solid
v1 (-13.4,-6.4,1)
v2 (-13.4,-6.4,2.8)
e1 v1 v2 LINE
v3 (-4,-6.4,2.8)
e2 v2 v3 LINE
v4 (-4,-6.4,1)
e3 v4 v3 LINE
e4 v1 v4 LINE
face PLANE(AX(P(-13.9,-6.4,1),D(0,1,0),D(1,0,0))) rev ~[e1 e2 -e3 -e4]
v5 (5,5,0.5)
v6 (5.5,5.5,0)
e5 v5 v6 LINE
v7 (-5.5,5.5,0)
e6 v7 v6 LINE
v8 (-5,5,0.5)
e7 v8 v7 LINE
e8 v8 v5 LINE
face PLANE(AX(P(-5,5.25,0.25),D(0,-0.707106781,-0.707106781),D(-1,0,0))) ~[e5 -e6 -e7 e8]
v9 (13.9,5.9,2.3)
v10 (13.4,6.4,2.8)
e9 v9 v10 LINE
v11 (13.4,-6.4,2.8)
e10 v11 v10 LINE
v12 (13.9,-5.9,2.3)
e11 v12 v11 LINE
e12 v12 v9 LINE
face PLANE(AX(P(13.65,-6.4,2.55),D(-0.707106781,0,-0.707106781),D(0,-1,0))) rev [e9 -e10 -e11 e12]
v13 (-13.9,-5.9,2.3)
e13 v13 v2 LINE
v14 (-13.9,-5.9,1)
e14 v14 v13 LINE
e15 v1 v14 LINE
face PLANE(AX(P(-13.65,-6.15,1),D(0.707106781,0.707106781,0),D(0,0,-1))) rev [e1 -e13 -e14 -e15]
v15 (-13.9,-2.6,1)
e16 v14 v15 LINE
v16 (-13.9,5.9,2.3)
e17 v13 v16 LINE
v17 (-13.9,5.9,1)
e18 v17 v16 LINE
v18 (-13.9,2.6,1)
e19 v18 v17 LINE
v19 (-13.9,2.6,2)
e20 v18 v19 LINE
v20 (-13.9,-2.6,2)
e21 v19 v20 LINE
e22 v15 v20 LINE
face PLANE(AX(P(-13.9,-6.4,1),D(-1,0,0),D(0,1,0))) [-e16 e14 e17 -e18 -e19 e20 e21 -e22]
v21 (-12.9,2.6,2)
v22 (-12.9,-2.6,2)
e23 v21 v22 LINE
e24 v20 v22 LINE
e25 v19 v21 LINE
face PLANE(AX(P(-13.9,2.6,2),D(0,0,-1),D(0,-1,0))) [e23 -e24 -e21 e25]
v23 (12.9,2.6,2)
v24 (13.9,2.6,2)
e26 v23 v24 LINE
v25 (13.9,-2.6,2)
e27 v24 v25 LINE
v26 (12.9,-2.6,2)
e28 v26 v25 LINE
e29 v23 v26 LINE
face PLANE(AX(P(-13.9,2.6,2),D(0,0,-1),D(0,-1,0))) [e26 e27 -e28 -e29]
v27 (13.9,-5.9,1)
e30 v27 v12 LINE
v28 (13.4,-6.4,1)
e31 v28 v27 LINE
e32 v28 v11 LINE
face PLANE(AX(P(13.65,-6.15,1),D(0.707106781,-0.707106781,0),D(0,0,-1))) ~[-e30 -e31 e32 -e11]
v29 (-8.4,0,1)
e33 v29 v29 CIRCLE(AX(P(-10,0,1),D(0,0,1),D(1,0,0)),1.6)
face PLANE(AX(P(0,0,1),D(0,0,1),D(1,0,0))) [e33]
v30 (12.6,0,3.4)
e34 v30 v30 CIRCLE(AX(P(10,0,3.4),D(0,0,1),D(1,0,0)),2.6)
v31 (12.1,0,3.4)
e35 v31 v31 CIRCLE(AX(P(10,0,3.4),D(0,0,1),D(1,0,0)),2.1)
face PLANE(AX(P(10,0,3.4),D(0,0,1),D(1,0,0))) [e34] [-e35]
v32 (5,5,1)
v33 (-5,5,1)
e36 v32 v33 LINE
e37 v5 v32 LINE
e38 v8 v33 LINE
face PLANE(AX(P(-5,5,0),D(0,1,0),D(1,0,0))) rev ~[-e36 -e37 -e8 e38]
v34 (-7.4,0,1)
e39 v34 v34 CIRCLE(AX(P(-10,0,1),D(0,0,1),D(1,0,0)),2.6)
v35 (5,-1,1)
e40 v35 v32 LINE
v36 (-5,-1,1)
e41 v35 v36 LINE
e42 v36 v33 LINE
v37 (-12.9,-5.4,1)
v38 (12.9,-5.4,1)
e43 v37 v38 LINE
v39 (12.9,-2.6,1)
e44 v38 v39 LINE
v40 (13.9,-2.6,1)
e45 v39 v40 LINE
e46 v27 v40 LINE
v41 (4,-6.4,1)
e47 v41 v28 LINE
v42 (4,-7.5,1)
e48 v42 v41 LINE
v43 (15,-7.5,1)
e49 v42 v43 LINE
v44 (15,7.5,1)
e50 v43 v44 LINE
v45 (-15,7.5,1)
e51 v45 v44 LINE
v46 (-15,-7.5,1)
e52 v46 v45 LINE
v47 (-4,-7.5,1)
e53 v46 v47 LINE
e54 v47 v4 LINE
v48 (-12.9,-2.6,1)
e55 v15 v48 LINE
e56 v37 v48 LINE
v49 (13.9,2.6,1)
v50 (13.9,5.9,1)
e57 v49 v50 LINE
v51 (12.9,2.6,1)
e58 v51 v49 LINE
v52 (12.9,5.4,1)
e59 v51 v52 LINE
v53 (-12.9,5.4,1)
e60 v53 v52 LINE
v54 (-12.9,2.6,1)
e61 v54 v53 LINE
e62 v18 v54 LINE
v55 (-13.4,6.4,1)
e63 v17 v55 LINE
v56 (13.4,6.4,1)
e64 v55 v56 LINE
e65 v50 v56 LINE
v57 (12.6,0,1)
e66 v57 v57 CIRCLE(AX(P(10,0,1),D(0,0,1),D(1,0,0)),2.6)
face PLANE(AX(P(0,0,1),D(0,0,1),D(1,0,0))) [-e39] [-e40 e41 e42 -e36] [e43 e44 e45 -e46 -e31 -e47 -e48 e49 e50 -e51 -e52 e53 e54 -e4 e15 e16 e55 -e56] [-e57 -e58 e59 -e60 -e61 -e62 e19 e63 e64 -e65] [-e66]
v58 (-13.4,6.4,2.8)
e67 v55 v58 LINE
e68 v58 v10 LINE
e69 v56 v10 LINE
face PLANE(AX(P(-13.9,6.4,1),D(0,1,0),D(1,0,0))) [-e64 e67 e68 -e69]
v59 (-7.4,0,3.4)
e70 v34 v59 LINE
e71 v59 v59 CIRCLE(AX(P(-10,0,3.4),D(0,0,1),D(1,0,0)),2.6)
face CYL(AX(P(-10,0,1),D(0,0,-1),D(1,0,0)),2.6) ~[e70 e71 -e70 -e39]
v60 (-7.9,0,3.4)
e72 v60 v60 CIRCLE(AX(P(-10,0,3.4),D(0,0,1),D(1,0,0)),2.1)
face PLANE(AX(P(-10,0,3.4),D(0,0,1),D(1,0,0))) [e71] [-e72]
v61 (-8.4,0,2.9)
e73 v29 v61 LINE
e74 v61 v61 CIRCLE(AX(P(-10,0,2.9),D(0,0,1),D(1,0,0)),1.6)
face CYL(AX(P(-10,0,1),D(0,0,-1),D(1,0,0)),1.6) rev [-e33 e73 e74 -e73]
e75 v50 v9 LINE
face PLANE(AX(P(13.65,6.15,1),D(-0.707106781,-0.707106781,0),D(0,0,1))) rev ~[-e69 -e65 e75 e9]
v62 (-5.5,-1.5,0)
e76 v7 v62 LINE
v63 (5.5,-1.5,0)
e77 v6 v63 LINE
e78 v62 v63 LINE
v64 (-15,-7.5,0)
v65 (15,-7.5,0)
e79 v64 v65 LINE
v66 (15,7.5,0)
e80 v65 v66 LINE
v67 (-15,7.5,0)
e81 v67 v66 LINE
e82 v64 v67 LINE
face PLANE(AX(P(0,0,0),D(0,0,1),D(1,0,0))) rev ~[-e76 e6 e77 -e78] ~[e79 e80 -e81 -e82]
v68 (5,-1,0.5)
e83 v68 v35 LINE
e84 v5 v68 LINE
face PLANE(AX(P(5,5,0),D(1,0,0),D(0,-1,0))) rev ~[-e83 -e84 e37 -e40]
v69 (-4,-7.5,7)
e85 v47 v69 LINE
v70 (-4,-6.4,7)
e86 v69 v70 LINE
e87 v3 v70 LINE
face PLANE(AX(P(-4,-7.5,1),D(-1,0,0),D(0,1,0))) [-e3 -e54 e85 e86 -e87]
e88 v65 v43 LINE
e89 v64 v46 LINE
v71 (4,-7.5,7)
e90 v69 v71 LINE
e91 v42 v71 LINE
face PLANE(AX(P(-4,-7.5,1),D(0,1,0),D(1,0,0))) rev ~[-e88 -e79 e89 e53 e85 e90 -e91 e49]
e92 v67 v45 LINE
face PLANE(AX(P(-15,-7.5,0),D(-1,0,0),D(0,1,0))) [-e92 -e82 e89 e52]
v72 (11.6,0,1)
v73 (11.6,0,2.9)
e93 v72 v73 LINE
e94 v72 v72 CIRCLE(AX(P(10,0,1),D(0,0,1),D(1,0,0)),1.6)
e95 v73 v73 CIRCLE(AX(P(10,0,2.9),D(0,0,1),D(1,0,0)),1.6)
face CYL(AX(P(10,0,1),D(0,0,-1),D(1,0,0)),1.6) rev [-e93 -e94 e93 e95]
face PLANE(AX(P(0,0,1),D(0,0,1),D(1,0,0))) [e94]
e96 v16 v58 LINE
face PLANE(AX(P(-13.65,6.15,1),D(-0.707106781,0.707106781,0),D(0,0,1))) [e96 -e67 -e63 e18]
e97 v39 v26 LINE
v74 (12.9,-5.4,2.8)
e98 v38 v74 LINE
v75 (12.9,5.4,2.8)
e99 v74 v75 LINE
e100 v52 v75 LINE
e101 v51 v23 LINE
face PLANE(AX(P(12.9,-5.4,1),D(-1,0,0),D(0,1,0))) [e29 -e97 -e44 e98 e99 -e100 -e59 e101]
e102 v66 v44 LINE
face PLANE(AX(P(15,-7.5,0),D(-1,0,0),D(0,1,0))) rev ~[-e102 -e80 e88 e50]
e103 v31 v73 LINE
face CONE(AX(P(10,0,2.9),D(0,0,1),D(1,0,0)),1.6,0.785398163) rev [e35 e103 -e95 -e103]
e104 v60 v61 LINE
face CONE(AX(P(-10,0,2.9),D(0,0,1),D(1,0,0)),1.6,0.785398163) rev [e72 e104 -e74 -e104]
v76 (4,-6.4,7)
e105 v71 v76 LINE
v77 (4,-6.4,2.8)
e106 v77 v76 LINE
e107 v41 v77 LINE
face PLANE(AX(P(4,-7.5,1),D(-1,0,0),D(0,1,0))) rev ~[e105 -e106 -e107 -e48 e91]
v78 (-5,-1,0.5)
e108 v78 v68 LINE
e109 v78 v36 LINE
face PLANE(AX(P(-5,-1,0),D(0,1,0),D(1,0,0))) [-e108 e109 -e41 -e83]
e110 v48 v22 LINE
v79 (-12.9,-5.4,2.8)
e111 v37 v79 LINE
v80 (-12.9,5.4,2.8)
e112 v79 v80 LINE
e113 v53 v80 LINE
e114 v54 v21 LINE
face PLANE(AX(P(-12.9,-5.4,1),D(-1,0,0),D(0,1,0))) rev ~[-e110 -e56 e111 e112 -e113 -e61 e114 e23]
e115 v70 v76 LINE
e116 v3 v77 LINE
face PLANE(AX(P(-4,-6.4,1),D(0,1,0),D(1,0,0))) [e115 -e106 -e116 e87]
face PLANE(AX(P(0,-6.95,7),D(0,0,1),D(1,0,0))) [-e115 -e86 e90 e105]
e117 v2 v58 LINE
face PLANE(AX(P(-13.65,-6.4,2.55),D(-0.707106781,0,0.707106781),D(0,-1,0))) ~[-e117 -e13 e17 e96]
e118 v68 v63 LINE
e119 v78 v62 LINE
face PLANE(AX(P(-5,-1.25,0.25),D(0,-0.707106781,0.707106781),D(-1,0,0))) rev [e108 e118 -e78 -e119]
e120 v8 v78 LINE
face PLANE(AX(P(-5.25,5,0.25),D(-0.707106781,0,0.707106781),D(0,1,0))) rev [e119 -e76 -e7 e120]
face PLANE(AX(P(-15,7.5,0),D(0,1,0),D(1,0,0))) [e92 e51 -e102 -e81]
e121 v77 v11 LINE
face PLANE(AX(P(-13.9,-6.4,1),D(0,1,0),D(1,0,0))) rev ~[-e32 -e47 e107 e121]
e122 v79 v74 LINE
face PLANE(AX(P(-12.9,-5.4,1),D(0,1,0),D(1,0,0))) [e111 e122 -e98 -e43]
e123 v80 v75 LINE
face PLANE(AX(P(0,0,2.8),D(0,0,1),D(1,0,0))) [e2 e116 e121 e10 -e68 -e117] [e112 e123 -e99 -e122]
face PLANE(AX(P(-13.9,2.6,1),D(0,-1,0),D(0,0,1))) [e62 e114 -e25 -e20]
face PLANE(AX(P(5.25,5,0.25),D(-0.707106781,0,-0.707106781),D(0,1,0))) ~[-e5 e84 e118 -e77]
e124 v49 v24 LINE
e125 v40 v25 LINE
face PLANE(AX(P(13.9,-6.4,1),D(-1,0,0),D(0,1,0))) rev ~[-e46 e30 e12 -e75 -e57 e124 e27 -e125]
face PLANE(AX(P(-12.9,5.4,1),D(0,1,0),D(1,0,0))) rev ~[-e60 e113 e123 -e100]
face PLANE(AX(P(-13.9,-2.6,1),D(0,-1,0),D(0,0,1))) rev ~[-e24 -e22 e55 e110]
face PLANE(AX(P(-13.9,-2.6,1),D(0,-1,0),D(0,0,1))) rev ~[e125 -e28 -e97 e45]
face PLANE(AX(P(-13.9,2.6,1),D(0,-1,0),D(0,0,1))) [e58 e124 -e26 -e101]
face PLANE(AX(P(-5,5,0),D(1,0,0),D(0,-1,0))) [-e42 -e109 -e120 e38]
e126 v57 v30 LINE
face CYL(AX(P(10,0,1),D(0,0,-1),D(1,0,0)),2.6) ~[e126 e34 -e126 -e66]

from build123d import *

# Parameters (mm, degrees)
SKETCH_W        = 30
SKETCH_H        = 15
PAD_DEPTH       = 1
SKETCH001_W     = 27.8
SKETCH001_H     = 12.8
SKETCH001_W_2   = 25.8
SKETCH001_H_2   = 10.8
PAD001_DEPTH    = 1.8
SKETCH002_W     = 8
SKETCH002_H     = 1.1
PAD002_DEPTH    = 6
SKETCH003_W     = 5.2
SKETCH003_H     = 1
POCKET_DEPTH    = 28.901
SKETCH004_R     = 2.6
SKETCH004_R_2   = 1.6
PAD003_DEPTH    = 2.4
SKETCH005_W     = 10
SKETCH005_H     = 6
POCKET001_DEPTH = 5
CHAMFER_SIZE    = 0.5
CHAMFER001_SIZE = 0.5
CHAMFER002_SIZE = 0.5


with BuildPart() as part:
    # Sketch → Pad (new body)
    with BuildSketch(Plane.XY):
        Rectangle(SKETCH_W, SKETCH_H)
    extrude(amount=PAD_DEPTH)

    # Sketch001 → Pad001 (new body)
    with BuildSketch(Plane.XY.offset(1)):
        Rectangle(SKETCH001_W, SKETCH001_H)
        Rectangle(SKETCH001_W_2, SKETCH001_H_2, mode=Mode.SUBTRACT)
    extrude(amount=PAD001_DEPTH)

    # Sketch002 → Pad002 (new body)
    with BuildSketch(Plane.XY.offset(1)):
        with Locations((0, -6.95)):
            Rectangle(SKETCH002_W, SKETCH002_H)
    extrude(amount=PAD002_DEPTH)

    # Sketch003 → Pocket (cut, through all)
    with BuildSketch(Plane(origin=(-13.9, 0, 0), x_dir=(0, -1, 0), z_dir=(-1, 0, 0))):
        with Locations((0, 1.5)):
            Rectangle(SKETCH003_W, SKETCH003_H)
    extrude(amount=-POCKET_DEPTH, mode=Mode.SUBTRACT)

    # Sketch004 → Pad003 (new body)
    with BuildSketch(Plane.XY.offset(1)):
        with Locations((-10, 0)):
            Circle(SKETCH004_R)
        with Locations((-10, 0)):
            Circle(SKETCH004_R_2, mode=Mode.SUBTRACT)
        with Locations((10, 0)):
            Circle(SKETCH004_R)
        with Locations((10, 0)):
            Circle(SKETCH004_R_2, mode=Mode.SUBTRACT)
    extrude(amount=PAD003_DEPTH)

    # Sketch005 → Pocket001 (cut)
    with BuildSketch(Plane(origin=(0, 0, 0), x_dir=(1, 0, 0), z_dir=(0, 0, -1))):
        with Locations((0, -2)):
            Rectangle(SKETCH005_W, SKETCH005_H)
    extrude(amount=-POCKET001_DEPTH, mode=Mode.SUBTRACT)

    # Chamfer
    chamfer_edges = [part.edges().sort_by_distance(p)[0] for p in [
        (-11.6, 0, 3.4),
        (8.4, 0, 3.4),
    ]]
    chamfer(chamfer_edges, length=CHAMFER_SIZE)

    # Chamfer001
    chamfer001_edges = [part.edges().sort_by_distance(p)[0] for p in [
        (-13.9, 6.4, 1.9),
        (-13.9, 0, 2.8),
        (-13.9, -6.4, 1.9),
        (13.9, 6.4, 1.9),
        (13.9, 0, 2.8),
        (13.9, -6.4, 1.9),
    ]]
    chamfer(chamfer001_edges, length=CHAMFER001_SIZE)

    # Chamfer002
    chamfer002_edges = [part.edges().sort_by_distance(p)[0] for p in [
        (-5, 2, 0),
        (0, 5, 0),
        (5, 2, 0),
        (0, -1, 0),
    ]]
    chamfer(chamfer002_edges, length=CHAMFER002_SIZE)


solid = part.part
